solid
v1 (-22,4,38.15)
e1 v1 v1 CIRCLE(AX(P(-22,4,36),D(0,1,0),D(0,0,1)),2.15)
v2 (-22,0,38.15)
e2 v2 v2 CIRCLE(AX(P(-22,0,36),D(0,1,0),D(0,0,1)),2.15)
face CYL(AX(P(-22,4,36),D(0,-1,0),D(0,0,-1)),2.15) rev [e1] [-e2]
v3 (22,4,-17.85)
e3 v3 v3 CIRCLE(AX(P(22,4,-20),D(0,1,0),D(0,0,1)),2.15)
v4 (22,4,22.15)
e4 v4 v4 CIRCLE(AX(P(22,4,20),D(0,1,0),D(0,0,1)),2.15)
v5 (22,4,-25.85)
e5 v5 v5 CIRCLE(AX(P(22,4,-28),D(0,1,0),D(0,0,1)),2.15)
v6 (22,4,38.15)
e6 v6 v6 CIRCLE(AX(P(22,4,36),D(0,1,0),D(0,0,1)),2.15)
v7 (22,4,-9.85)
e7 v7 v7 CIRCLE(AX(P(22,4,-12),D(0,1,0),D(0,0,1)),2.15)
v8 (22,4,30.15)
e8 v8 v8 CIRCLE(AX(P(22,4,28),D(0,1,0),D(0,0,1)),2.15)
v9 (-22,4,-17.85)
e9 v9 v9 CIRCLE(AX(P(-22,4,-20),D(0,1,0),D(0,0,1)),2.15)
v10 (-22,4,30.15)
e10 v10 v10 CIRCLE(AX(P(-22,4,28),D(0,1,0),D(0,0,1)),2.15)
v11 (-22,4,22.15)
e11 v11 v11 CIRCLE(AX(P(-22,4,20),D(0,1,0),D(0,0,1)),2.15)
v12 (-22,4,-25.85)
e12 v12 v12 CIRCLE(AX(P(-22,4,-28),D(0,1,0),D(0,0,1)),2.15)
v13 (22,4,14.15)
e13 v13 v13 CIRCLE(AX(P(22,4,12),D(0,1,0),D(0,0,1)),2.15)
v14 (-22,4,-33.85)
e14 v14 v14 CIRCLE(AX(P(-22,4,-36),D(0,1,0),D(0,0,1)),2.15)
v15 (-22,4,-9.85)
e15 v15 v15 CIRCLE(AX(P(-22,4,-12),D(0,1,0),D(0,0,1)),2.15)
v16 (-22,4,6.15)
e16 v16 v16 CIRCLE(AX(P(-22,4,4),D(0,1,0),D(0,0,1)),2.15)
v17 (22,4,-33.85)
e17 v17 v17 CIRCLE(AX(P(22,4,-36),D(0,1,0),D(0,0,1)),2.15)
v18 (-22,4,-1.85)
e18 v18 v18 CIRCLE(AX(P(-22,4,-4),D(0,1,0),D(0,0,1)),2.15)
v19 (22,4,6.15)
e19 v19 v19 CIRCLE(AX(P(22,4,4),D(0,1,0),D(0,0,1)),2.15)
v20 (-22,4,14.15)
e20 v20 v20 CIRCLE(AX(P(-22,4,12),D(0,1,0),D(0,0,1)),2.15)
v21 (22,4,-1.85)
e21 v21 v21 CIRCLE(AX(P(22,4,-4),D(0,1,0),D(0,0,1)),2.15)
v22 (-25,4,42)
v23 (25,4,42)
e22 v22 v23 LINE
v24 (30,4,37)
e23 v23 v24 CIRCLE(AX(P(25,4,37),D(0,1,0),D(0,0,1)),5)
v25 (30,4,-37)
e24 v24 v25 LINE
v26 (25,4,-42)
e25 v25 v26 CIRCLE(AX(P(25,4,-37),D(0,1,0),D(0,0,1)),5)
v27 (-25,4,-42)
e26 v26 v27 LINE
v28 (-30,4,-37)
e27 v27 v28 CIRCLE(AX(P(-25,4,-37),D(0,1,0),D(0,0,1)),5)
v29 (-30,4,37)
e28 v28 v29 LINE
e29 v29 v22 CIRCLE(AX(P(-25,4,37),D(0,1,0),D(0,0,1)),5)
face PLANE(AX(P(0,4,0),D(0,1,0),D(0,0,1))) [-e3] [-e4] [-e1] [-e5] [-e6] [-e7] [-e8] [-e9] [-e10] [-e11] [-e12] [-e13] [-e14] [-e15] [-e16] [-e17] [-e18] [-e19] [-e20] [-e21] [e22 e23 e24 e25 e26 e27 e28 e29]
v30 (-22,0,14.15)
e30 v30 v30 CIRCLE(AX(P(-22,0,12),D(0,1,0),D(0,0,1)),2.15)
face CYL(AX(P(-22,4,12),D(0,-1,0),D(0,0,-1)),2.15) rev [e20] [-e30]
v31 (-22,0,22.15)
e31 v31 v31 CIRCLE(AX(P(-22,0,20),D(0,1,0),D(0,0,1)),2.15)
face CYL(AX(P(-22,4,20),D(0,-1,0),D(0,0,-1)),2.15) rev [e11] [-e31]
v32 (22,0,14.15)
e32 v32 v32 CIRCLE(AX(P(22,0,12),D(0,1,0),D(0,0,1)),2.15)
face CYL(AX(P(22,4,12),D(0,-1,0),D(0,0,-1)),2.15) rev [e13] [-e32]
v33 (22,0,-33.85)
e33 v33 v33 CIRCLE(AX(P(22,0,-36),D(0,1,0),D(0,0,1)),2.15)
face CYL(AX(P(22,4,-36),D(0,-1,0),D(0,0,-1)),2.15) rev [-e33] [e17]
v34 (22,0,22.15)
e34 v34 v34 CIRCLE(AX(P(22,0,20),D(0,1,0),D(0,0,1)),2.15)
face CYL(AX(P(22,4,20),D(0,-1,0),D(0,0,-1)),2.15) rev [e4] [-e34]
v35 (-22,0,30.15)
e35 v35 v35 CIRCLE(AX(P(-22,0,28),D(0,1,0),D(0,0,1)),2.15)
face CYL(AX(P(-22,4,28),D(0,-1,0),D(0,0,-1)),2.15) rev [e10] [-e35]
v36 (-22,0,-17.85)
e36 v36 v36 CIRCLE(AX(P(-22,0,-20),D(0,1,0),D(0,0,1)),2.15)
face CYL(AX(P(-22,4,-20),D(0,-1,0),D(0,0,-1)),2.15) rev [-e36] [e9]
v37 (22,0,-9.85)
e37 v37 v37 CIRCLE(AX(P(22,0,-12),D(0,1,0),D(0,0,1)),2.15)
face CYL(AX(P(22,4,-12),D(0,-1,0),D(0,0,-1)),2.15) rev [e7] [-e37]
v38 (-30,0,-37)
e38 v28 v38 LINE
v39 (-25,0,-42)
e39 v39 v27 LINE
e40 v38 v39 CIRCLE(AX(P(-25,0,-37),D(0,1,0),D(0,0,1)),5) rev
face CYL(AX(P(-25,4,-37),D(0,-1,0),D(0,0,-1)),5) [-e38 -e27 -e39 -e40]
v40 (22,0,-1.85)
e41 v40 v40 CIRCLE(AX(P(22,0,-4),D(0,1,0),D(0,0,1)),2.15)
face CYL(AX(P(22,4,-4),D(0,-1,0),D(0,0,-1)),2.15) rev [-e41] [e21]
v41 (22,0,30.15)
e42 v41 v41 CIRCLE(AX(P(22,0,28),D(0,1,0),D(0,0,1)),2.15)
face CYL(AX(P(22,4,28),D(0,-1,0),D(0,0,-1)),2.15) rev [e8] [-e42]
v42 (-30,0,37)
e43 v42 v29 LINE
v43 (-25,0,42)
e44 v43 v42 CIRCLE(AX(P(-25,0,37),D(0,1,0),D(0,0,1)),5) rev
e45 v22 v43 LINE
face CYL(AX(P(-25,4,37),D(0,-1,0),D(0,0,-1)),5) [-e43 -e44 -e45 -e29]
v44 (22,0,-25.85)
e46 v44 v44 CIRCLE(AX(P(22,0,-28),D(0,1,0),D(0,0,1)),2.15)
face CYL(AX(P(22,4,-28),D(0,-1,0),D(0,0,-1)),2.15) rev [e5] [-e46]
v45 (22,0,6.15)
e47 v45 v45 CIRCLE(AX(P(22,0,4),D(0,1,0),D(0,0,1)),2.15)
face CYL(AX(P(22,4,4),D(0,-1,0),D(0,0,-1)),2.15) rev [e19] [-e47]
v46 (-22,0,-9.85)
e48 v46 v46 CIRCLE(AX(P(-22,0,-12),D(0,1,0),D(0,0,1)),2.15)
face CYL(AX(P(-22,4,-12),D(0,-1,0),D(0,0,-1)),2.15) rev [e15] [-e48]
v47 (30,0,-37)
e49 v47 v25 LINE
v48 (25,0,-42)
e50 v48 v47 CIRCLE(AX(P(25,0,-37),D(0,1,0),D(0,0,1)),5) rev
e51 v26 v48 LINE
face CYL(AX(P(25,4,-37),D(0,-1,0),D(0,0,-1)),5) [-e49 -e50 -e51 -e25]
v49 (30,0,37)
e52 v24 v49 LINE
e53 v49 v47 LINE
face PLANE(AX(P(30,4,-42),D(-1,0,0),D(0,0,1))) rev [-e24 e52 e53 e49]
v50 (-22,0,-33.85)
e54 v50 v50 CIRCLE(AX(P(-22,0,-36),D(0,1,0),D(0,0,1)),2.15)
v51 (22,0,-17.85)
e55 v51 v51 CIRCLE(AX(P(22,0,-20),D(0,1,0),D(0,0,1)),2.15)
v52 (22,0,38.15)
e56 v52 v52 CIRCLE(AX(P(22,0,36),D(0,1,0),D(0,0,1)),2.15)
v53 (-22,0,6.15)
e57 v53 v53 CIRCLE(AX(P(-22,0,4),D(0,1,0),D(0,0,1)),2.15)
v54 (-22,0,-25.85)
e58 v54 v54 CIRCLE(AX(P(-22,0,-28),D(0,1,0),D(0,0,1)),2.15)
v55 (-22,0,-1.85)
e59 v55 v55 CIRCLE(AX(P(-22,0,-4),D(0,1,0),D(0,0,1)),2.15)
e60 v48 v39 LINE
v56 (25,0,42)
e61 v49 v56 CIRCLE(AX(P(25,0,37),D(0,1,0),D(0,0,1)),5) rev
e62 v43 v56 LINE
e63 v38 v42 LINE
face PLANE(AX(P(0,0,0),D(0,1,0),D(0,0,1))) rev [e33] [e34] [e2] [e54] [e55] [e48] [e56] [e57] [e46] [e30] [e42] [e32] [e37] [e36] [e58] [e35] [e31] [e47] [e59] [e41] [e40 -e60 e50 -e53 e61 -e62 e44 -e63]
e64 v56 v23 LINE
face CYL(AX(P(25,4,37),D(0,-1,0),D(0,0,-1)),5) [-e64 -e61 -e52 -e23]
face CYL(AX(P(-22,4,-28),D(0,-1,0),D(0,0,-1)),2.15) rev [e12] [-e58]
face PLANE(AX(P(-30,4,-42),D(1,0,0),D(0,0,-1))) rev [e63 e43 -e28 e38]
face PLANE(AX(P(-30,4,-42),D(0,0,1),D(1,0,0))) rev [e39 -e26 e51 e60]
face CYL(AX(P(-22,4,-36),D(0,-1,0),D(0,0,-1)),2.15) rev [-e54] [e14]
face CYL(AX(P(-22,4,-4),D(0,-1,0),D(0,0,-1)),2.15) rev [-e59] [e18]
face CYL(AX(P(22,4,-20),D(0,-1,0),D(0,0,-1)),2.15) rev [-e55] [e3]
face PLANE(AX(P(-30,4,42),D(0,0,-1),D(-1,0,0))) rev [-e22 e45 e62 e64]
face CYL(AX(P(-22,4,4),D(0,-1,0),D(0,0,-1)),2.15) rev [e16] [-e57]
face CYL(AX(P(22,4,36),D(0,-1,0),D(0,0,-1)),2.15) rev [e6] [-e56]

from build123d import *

# Parameters (mm, degrees)
SKETCH2_W           = 60
SKETCH2_H           = 84
SKETCH2_R           = 2.15
BOSS_EXTRUDE2_DEPTH = 4
FILLET2_R           = 5


with BuildPart() as part:
    # Sketch2 → Boss-Extrude2 (new body)
    with BuildSketch(Plane(origin=(0, 0, 0), x_dir=(1, 0, 0), z_dir=(0, 1, 0))):
        Rectangle(SKETCH2_W, SKETCH2_H)
        with Locations(Location((-22, 36, 0), (0, 0, 270))):
            Circle(SKETCH2_R, mode=Mode.SUBTRACT)
        with Locations(Location((22, 36, 0), (0, 0, 270))):
            Circle(SKETCH2_R, mode=Mode.SUBTRACT)
        with Locations(Location((22, 28, 0), (0, 0, 270))):
            Circle(SKETCH2_R, mode=Mode.SUBTRACT)
        with Locations(Location((22, 20, 0), (0, 0, 270))):
            Circle(SKETCH2_R, mode=Mode.SUBTRACT)
        with Locations(Location((22, 12, 0), (0, 0, 270))):
            Circle(SKETCH2_R, mode=Mode.SUBTRACT)
        with Locations(Location((22, 4, 0), (0, 0, 270))):
            Circle(SKETCH2_R, mode=Mode.SUBTRACT)
        with Locations(Location((22, -4, 0), (0, 0, 270))):
            Circle(SKETCH2_R, mode=Mode.SUBTRACT)
        with Locations(Location((22, -12, 0), (0, 0, 270))):
            Circle(SKETCH2_R, mode=Mode.SUBTRACT)
        with Locations(Location((22, -20, 0), (0, 0, 270))):
            Circle(SKETCH2_R, mode=Mode.SUBTRACT)
        with Locations(Location((22, -28, 0), (0, 0, 270))):
            Circle(SKETCH2_R, mode=Mode.SUBTRACT)
        with Locations(Location((22, -36, 0), (0, 0, 270))):
            Circle(SKETCH2_R, mode=Mode.SUBTRACT)
        with Locations(Location((-22, 28, 0), (0, 0, 270))):
            Circle(SKETCH2_R, mode=Mode.SUBTRACT)
        with Locations(Location((-22, 20, 0), (0, 0, 270))):
            Circle(SKETCH2_R, mode=Mode.SUBTRACT)
        with Locations(Location((-22, 12, 0), (0, 0, 270))):
            Circle(SKETCH2_R, mode=Mode.SUBTRACT)
        with Locations(Location((-22, 4, 0), (0, 0, 270))):
            Circle(SKETCH2_R, mode=Mode.SUBTRACT)
        with Locations(Location((-22, -4, 0), (0, 0, 270))):
            Circle(SKETCH2_R, mode=Mode.SUBTRACT)
        with Locations(Location((-22, -12, 0), (0, 0, 270))):
            Circle(SKETCH2_R, mode=Mode.SUBTRACT)
        with Locations(Location((-22, -20, 0), (0, 0, 270))):
            Circle(SKETCH2_R, mode=Mode.SUBTRACT)
        with Locations(Location((-22, -28, 0), (0, 0, 270))):
            Circle(SKETCH2_R, mode=Mode.SUBTRACT)
        with Locations(Location((-22, -36, 0), (0, 0, 270))):
            Circle(SKETCH2_R, mode=Mode.SUBTRACT)
    extrude(amount=BOSS_EXTRUDE2_DEPTH)

    # Fillet2
    fillet2_edges = [part.edges().sort_by_distance(p)[0] for p in [
        (30, 2, 42),
        (-30, 2, 42),
        (-30, 2, -42),
        (30, 2, -42),
    ]]
    fillet(fillet2_edges, radius=FILLET2_R)


solid = part.part
